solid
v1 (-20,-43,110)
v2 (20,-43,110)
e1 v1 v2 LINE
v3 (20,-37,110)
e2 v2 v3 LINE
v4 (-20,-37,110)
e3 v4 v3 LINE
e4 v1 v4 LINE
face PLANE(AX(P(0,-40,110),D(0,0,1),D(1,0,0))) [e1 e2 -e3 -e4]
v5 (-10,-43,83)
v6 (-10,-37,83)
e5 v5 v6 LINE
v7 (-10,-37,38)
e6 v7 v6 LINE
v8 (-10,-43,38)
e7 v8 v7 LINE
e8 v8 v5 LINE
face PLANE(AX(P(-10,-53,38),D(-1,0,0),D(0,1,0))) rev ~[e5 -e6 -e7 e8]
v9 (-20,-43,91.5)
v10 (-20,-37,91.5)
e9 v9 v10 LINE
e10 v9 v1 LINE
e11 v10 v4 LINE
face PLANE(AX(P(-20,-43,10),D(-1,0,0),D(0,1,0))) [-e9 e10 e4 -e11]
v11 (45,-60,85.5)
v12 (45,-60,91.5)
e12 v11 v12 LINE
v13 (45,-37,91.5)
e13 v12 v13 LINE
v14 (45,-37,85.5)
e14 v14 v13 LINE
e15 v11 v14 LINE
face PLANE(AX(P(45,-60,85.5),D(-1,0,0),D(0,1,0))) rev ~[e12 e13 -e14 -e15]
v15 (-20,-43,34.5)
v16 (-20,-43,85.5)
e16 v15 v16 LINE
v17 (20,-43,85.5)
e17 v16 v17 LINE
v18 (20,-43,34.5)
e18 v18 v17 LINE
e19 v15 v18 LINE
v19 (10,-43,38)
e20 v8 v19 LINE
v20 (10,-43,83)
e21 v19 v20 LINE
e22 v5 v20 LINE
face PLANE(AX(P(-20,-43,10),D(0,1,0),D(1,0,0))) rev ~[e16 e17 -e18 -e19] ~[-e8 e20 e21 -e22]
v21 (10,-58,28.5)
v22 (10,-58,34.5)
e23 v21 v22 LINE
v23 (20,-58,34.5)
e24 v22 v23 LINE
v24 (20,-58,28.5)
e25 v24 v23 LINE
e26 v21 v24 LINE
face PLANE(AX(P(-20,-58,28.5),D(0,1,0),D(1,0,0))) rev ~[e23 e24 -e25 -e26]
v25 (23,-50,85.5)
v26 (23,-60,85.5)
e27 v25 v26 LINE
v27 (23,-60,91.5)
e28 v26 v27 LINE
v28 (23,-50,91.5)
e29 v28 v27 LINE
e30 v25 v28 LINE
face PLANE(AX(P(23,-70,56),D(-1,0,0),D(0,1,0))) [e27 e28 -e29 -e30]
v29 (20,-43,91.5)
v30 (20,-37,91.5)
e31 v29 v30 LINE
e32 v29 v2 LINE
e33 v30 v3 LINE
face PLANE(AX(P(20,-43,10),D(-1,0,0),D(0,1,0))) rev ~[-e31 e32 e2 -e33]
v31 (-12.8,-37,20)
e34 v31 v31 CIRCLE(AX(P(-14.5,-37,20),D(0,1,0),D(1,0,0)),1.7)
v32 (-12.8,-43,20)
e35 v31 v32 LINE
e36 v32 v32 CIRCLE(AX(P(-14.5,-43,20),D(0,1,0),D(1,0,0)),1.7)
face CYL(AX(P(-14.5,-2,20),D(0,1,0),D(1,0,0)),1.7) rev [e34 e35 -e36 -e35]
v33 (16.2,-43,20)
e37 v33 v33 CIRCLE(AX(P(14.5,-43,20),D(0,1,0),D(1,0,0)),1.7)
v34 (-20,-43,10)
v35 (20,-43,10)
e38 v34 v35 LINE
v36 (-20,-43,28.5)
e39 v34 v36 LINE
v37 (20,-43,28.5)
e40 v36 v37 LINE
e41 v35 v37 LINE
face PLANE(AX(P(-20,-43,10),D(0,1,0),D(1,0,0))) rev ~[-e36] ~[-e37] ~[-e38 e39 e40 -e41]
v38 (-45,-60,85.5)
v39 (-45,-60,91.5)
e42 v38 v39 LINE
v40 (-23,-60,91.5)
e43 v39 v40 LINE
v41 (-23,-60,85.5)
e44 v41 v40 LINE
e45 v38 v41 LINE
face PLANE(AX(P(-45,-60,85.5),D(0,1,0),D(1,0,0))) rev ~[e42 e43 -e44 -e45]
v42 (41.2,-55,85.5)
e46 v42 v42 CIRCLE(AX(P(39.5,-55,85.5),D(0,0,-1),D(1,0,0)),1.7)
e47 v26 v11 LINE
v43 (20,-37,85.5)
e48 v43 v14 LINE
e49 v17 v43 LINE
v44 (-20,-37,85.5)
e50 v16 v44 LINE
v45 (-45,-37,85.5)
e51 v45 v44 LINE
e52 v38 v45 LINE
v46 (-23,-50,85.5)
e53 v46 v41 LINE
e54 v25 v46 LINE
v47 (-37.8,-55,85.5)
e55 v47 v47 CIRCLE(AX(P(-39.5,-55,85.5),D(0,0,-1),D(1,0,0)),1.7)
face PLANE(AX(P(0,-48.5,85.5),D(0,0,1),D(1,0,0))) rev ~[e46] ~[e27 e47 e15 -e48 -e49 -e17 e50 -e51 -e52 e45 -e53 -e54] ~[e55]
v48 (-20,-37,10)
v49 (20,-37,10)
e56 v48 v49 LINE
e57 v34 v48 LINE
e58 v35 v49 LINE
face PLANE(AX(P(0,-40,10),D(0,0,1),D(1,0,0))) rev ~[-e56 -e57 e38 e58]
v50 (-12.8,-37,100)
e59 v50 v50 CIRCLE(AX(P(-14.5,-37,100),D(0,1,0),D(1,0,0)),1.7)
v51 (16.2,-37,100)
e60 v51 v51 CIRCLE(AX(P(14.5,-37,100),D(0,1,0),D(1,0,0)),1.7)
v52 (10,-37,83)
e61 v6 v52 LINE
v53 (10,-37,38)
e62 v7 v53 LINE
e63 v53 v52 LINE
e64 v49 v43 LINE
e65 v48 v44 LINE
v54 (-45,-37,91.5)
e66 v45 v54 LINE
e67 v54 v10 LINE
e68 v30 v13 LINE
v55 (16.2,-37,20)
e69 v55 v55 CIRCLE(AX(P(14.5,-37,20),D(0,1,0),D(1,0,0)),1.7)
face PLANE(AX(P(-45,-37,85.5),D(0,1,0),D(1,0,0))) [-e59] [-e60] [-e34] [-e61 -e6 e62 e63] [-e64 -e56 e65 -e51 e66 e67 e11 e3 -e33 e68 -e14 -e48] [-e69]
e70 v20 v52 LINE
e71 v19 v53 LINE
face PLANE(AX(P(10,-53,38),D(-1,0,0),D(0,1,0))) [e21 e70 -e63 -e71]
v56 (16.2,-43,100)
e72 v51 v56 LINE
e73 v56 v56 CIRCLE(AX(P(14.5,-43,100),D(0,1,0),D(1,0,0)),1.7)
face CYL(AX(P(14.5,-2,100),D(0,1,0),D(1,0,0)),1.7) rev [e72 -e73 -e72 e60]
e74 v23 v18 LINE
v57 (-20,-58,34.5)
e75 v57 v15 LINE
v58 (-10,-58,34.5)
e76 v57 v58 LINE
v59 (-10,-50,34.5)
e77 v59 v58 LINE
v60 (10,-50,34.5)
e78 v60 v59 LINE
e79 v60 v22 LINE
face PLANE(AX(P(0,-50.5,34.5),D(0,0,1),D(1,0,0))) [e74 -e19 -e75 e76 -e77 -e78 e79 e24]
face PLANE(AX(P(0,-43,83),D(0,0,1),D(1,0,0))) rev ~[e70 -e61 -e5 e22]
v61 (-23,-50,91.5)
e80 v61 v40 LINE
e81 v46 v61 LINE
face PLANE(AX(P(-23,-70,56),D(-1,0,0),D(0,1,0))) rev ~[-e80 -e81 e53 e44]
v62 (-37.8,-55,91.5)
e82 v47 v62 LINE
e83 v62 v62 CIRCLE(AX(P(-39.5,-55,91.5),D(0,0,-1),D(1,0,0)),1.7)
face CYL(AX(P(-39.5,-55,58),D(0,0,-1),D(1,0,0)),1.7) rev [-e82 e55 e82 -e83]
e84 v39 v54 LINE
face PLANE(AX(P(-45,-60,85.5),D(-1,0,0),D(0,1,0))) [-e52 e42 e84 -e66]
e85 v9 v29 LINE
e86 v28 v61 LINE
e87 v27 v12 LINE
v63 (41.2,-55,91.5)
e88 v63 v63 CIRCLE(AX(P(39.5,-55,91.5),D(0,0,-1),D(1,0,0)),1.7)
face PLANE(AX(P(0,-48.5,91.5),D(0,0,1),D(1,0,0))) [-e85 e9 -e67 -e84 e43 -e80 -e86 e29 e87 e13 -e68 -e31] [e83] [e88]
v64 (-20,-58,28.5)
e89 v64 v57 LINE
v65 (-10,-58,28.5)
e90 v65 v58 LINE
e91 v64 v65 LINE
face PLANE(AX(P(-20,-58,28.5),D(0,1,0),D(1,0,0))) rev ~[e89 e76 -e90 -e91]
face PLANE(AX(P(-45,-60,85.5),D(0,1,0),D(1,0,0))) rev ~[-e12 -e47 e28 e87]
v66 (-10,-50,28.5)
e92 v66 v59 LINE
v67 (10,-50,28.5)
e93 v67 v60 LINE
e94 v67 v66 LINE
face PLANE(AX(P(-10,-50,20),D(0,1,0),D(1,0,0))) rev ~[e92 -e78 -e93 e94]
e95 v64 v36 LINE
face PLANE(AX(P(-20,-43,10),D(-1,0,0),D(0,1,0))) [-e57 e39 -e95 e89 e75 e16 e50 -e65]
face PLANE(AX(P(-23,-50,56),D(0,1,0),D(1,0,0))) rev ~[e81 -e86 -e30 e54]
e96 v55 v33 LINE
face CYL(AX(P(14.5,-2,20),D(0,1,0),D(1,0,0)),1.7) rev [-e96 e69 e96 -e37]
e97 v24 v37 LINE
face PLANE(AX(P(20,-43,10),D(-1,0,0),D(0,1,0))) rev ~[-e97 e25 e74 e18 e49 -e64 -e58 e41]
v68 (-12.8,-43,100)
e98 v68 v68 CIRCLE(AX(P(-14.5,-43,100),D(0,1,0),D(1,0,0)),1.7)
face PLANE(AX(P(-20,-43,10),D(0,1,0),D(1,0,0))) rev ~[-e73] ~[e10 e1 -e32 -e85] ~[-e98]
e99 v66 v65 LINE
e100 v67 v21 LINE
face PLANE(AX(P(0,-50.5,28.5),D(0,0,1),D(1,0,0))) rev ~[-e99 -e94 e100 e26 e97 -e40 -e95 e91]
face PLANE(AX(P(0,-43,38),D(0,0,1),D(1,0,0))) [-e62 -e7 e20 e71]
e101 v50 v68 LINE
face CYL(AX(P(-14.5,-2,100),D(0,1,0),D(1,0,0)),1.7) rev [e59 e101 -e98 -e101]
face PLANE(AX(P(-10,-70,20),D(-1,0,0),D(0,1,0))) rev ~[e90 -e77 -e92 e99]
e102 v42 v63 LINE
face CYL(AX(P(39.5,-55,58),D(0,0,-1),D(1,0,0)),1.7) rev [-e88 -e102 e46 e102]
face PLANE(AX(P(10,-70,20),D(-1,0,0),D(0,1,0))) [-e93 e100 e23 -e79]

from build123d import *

# Parameters (mm, degrees)
BOX028_W          = 20
BOX028_H          = 20
BOX028_DEPTH      = 45
BOX029_W          = 20
BOX029_H          = 20
BOX029_DEPTH      = 45
BOX030_W          = 46
BOX030_H          = 20
BOX030_DEPTH      = 45
CYLINDER030_R     = 1.7
CYLINDER030_DEPTH = 50
CYLINDER031_R     = 1.7
CYLINDER031_DEPTH = 50
CYLINDER032_R     = 1.7
CYLINDER032_DEPTH = 50
CYLINDER033_R     = 1.7
CYLINDER033_DEPTH = 50
CYLINDER034_R     = 1.7
CYLINDER034_DEPTH = 50
CYLINDER035_R     = 1.7
CYLINDER035_DEPTH = 50
BOX026_W          = 90
BOX026_H          = 23
BOX026_DEPTH      = 6
BOX025_W          = 40
BOX025_H          = 6
BOX025_DEPTH      = 100
BOX027_W          = 40
BOX027_H          = 15
BOX027_DEPTH      = 6


with BuildPart() as cube025:
    # Box028 → Box028 (new body)
    with BuildSketch(Plane(origin=(-10, -51, 38), x_dir=(1, 0, 0), z_dir=(0, 0, 1))):
        with Locations((10, 10)):
            Rectangle(BOX028_W, BOX028_H)
    extrude(amount=BOX028_DEPTH)


with BuildPart() as cube026:
    # Box029 → Box029 (new body)
    with BuildSketch(Plane(origin=(-10, -68, 20), x_dir=(1, 0, 0), z_dir=(0, 0, 1))):
        with Locations((10, 10)):
            Rectangle(BOX029_W, BOX029_H)
    extrude(amount=BOX029_DEPTH)


with BuildPart() as cube027:
    # Box030 → Box030 (new body)
    with BuildSketch(Plane(origin=(-23, -68, 56), x_dir=(1, 0, 0), z_dir=(0, 0, 1))):
        with Locations((23, 10)):
            Rectangle(BOX030_W, BOX030_H)
    extrude(amount=BOX030_DEPTH)


with BuildPart() as mounting_hole:
    # Cylinder030 → Cylinder030 (new body)
    with BuildSketch(Plane(origin=(-14.5, 0, 20), x_dir=(1, 0, 0), z_dir=(0, -1, 0))):
        Circle(CYLINDER030_R)
    extrude(amount=CYLINDER030_DEPTH)


with BuildPart() as mounting_hole001:
    # Cylinder031 → Cylinder031 (new body)
    with BuildSketch(Plane(origin=(14.5, 0, 20), x_dir=(1, 0, 0), z_dir=(0, -1, 0))):
        Circle(CYLINDER031_R)
    extrude(amount=CYLINDER031_DEPTH)


with BuildPart() as mounting_hole002:
    # Cylinder032 → Cylinder032 (new body)
    with BuildSketch(Plane(origin=(-14.5, 0, 100), x_dir=(1, 0, 0), z_dir=(0, -1, 0))):
        Circle(CYLINDER032_R)
    extrude(amount=CYLINDER032_DEPTH)


with BuildPart() as mounting_hole003:
    # Cylinder033 → Cylinder033 (new body)
    with BuildSketch(Plane(origin=(14.5, 0, 100), x_dir=(1, 0, 0), z_dir=(0, -1, 0))):
        Circle(CYLINDER033_R)
    extrude(amount=CYLINDER033_DEPTH)


with BuildPart() as mounting_hole004:
    # Cylinder034 → Cylinder034 (new body)
    with BuildSketch(Plane(origin=(-39.5, -53, 58), x_dir=(1, 0, 0), z_dir=(0, 0, 1))):
        Circle(CYLINDER034_R)
    extrude(amount=CYLINDER034_DEPTH)


with BuildPart() as mounting_hole005:
    # Cylinder035 → Cylinder035 (new body)
    with BuildSketch(Plane(origin=(39.5, -53, 58), x_dir=(1, 0, 0), z_dir=(0, 0, 1))):
        Circle(CYLINDER035_R)
    extrude(amount=CYLINDER035_DEPTH)


with BuildPart() as cube023:
    # Box026 → Box026 (new body)
    with BuildSketch(Plane(origin=(-45, -58, 85.5), x_dir=(1, 0, 0), z_dir=(0, 0, 1))):
        with Locations((45, 11.5)):
            Rectangle(BOX026_W, BOX026_H)
    extrude(amount=BOX026_DEPTH)


with BuildPart() as fusion024:
    # Box025 → Box025 (new body)
    with BuildSketch(Plane(origin=(-20, -41, 10), x_dir=(1, 0, 0), z_dir=(0, 0, 1))):
        with Locations((20, 3)):
            Rectangle(BOX025_W, BOX025_H)
    extrude(amount=BOX025_DEPTH)

    # Fusion024: union Cube023
    add(cube023.part)


with BuildPart() as paste_extruder_psu_mounting_bracket:
    # Box027 → Box027 (new body)
    with BuildSketch(Plane(origin=(-20, -56, 28.5), x_dir=(1, 0, 0), z_dir=(0, 0, 1))):
        with Locations((20, 7.5)):
            Rectangle(BOX027_W, BOX027_H)
    extrude(amount=BOX027_DEPTH)

    # Fusion025: union Fusion024
    add(fusion024.part)

    # Cut035: cut mounting hole005
    add(mounting_hole005.part, mode=Mode.SUBTRACT)

    # Cut036: cut mounting hole004
    add(mounting_hole004.part, mode=Mode.SUBTRACT)

    # Cut037: cut mounting hole003
    add(mounting_hole003.part, mode=Mode.SUBTRACT)

    # Cut038: cut mounting hole002
    add(mounting_hole002.part, mode=Mode.SUBTRACT)

    # Cut039: cut mounting hole001
    add(mounting_hole001.part, mode=Mode.SUBTRACT)

    # Cut040: cut mounting hole
    add(mounting_hole.part, mode=Mode.SUBTRACT)

    # Cut041: cut Cube027
    add(cube027.part, mode=Mode.SUBTRACT)

    # Cut042: cut Cube026
    add(cube026.part, mode=Mode.SUBTRACT)

    # Cut043: cut Cube025
    add(cube025.part, mode=Mode.SUBTRACT)


with BuildPart() as paste_extruder_psu_mounting_bracket_1:
    # Cut043 placement: moved
    add(paste_extruder_psu_mounting_bracket.part.moved(Location((0, -2, 0))))


solid = paste_extruder_psu_mounting_bracket_1.part
